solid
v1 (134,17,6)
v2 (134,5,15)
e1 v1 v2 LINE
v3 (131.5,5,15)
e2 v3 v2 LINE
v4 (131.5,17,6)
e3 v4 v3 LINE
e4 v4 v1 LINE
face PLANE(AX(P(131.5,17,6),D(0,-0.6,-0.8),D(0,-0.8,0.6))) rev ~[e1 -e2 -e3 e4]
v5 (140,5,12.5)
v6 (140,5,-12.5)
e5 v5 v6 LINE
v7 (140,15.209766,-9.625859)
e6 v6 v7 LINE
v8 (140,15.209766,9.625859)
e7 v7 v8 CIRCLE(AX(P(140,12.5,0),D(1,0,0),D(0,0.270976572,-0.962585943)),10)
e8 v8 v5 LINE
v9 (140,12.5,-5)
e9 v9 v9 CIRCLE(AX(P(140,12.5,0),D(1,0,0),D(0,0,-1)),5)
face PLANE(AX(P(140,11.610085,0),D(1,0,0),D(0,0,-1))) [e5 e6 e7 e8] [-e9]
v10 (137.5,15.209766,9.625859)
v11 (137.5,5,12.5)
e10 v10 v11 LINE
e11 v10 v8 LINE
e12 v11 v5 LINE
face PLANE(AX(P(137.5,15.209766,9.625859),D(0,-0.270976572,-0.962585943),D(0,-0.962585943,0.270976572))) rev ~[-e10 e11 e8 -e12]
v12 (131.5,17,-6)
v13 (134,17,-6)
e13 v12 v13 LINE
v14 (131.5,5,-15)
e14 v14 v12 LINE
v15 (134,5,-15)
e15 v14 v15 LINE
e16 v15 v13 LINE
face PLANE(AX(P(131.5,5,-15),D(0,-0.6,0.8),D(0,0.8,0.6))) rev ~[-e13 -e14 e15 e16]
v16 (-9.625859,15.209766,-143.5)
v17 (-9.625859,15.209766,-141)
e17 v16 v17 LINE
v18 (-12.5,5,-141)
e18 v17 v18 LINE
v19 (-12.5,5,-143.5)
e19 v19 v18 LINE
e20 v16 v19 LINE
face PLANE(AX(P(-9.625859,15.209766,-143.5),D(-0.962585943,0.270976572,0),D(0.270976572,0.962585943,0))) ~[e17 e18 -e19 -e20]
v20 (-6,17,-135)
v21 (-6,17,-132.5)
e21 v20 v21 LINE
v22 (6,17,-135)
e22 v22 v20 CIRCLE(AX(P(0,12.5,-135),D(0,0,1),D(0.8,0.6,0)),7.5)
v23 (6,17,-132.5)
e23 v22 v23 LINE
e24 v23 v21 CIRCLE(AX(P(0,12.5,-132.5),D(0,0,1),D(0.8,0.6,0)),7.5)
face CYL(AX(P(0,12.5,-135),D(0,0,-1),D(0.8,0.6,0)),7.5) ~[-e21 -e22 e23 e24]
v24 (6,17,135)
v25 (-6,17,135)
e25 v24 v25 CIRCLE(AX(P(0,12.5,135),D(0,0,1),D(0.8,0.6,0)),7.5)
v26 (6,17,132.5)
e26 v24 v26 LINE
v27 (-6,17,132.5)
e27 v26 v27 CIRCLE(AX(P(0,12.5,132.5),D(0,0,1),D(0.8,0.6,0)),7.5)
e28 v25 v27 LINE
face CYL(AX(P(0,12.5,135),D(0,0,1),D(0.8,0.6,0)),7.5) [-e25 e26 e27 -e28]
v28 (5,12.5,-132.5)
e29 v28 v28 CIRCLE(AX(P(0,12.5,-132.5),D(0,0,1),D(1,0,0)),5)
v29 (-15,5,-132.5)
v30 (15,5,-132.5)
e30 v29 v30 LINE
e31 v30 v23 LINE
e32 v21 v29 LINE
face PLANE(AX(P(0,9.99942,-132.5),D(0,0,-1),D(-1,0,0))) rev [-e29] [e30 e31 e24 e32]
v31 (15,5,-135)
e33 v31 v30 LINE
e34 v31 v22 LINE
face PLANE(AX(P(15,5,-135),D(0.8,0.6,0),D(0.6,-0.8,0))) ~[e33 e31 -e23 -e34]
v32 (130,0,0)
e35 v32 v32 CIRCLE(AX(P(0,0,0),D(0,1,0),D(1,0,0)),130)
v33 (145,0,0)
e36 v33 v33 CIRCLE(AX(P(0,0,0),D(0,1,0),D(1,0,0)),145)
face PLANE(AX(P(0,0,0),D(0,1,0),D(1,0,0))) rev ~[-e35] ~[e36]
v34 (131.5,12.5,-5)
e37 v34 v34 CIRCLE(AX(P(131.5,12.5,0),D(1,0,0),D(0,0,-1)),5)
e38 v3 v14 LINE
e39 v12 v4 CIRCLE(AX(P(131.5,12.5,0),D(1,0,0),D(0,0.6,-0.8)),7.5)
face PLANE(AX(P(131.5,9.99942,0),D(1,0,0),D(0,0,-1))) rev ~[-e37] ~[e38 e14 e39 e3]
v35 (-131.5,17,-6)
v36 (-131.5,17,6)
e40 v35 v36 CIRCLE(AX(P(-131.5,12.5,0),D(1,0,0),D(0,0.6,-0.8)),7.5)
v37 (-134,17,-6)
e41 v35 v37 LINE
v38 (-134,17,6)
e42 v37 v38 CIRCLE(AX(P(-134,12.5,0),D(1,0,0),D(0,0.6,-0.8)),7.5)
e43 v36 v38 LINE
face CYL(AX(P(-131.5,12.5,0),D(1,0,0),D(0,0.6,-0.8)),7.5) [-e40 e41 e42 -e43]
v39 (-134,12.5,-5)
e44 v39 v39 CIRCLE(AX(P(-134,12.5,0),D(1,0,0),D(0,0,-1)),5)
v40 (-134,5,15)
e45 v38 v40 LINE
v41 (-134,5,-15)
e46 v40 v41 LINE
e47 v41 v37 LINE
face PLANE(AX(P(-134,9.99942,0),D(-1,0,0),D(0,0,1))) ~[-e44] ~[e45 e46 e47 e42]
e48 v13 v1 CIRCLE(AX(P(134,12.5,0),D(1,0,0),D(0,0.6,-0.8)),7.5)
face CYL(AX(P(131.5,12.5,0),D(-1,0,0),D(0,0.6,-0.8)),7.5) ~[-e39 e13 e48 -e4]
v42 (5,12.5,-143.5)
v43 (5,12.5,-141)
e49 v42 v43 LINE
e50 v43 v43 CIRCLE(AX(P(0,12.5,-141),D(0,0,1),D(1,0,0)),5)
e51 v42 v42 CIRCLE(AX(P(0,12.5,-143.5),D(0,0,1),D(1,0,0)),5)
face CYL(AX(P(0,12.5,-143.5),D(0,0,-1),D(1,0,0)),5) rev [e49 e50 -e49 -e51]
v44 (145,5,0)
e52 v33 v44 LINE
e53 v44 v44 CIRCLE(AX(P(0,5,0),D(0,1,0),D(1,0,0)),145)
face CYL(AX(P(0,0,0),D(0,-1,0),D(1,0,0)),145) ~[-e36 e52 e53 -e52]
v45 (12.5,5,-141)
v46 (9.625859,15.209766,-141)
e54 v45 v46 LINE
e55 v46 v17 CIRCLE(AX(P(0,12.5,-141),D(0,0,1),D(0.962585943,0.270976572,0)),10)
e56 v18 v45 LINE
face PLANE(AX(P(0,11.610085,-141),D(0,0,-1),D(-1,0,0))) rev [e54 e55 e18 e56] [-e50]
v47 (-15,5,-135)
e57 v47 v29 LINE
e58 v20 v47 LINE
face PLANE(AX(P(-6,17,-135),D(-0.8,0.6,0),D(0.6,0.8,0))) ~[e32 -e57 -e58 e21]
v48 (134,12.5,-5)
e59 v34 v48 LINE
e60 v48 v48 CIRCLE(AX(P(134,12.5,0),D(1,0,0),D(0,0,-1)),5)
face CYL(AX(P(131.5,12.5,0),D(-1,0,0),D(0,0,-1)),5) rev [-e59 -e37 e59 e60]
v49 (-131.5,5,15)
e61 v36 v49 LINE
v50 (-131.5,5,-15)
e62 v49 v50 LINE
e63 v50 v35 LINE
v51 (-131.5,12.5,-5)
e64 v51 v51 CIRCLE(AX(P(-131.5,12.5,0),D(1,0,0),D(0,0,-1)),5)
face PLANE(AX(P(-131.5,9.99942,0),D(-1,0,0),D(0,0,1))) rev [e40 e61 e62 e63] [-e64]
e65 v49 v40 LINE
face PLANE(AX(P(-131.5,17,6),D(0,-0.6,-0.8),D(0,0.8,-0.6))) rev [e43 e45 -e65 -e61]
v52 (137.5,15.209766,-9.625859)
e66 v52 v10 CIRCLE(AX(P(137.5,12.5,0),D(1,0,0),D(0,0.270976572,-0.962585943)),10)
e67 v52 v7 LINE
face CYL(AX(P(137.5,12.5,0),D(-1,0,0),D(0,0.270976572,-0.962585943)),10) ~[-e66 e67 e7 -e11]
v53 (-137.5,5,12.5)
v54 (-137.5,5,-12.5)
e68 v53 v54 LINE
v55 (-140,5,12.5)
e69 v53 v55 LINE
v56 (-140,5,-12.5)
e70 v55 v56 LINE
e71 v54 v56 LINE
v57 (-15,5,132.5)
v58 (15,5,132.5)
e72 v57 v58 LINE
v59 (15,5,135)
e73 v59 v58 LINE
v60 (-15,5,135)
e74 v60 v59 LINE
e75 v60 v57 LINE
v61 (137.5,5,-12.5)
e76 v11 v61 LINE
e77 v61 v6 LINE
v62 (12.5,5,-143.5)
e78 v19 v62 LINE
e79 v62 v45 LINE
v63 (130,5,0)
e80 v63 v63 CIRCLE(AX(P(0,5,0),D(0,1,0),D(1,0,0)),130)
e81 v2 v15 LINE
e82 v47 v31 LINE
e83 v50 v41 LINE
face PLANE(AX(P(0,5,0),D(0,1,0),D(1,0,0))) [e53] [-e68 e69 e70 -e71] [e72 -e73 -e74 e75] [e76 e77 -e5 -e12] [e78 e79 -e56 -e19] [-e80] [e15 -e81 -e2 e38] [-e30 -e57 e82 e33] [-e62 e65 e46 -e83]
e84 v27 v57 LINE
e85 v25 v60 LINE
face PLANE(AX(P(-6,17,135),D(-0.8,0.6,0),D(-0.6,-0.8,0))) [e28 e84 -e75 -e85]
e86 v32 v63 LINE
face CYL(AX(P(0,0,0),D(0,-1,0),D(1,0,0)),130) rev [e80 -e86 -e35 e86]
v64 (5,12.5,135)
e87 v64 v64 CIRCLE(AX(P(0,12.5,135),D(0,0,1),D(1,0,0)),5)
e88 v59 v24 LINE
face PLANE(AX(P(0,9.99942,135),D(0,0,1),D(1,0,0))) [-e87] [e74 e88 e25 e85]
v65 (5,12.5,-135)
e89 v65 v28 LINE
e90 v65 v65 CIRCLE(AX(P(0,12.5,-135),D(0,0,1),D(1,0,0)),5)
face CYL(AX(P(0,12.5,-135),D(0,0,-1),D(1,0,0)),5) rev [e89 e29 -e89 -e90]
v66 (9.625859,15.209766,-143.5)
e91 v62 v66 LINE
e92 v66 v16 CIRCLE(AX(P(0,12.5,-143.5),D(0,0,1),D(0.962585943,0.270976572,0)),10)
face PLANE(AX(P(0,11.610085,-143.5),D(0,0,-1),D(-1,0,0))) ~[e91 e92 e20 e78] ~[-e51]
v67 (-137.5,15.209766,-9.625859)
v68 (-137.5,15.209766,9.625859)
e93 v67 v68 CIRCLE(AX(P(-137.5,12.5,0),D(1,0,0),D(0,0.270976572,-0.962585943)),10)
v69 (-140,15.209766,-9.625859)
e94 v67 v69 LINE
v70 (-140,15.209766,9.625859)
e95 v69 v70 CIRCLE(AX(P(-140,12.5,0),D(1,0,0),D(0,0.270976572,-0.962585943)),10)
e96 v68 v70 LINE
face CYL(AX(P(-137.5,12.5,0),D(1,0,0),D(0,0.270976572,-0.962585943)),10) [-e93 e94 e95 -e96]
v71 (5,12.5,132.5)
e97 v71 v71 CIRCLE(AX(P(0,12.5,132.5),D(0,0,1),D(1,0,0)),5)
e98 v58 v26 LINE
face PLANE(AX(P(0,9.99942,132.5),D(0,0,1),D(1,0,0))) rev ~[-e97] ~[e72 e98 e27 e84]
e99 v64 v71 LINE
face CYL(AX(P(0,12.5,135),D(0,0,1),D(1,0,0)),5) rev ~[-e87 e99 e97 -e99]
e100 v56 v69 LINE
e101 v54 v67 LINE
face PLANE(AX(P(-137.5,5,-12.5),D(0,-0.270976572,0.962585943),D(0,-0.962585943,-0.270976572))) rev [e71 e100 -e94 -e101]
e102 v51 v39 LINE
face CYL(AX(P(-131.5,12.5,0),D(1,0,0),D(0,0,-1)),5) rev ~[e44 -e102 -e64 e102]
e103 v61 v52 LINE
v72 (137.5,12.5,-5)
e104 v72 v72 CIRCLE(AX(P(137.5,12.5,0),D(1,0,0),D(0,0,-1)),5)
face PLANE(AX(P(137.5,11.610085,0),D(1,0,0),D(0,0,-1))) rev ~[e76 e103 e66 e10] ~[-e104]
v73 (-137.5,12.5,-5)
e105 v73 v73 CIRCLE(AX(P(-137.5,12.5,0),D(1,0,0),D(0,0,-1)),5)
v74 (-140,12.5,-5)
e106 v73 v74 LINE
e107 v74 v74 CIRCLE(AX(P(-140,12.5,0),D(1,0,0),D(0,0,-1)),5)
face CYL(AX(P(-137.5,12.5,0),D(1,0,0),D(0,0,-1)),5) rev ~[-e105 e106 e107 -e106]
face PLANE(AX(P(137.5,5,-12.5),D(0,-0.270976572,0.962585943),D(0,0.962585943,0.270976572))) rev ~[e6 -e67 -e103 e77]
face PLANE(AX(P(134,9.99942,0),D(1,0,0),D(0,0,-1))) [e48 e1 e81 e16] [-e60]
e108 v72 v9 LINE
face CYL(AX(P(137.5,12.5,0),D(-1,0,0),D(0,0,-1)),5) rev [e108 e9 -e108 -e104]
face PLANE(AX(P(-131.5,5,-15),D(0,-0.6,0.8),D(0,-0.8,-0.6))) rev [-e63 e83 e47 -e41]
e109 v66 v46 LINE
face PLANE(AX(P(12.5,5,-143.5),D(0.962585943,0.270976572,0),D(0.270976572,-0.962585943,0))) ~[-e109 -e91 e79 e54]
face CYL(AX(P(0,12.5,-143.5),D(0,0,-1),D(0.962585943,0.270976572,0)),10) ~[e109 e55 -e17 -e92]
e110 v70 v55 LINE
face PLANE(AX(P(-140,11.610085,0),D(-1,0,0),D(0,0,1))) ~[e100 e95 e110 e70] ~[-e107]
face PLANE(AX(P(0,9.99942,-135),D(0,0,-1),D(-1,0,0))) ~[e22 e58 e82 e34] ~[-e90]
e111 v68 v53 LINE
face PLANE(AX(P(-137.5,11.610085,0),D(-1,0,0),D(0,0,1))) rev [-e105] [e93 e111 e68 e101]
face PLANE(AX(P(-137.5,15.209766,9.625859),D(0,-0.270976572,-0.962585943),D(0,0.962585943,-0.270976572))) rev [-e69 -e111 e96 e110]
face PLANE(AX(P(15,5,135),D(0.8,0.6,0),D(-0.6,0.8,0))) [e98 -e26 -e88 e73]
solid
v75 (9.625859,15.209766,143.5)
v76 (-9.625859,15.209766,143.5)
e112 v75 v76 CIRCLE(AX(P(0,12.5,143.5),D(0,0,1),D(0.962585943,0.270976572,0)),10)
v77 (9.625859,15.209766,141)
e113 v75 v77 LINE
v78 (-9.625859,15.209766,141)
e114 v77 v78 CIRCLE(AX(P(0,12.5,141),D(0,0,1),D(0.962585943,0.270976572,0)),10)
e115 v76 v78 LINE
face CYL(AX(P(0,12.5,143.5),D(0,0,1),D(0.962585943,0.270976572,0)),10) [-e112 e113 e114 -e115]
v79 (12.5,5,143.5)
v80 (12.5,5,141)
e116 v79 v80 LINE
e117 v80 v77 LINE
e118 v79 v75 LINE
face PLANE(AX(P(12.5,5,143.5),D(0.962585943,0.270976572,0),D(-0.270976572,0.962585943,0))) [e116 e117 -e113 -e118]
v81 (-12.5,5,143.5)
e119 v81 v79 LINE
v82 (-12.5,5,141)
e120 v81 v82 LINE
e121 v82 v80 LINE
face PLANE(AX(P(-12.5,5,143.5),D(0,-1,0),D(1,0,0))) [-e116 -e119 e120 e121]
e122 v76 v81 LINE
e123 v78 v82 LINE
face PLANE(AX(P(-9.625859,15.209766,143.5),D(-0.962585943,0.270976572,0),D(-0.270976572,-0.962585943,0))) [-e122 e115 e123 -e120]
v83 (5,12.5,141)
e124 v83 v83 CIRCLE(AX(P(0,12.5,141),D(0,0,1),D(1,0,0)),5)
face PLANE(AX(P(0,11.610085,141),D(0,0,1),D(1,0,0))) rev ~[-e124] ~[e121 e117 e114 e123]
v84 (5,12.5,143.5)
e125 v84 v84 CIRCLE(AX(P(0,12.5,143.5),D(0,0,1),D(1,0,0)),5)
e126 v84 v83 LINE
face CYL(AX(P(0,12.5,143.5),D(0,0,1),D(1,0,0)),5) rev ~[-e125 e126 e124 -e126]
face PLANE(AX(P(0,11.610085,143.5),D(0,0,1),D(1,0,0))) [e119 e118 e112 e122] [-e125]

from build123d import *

# Parameters (mm, degrees)
SKETCH1_R           = 145
SKETCH1_R_2         = 130
BOSS_EXTRUDE1_DEPTH = 5
BOSS_EXTRUDE2_START = -10
SKETCH5_R           = 5
BOSS_EXTRUDE2_DEPTH = 2.5
BOSS_EXTRUDE3_START = -1.5
SKETCH6_R           = 5
BOSS_EXTRUDE3_DEPTH = 2.5
BOSS_EXTRUDE4_START = 137.5
SKETCH8_R           = 5
BOSS_EXTRUDE4_DEPTH = 2.5
BOSS_EXTRUDE5_START = 131.5
SKETCH10_R          = 5
BOSS_EXTRUDE5_DEPTH = 2.5


with BuildPart() as part:
    # Sketch1 → Boss-Extrude1 (new body)
    with BuildSketch(Plane(origin=(0, 0, 0), x_dir=(1, 0, 0), z_dir=(0, 1, 0))):
        Circle(SKETCH1_R)
        Circle(SKETCH1_R_2, mode=Mode.SUBTRACT)
    extrude(amount=BOSS_EXTRUDE1_DEPTH)

    # Sketch5 → Boss-Extrude2 (add)
    with BuildSketch(Plane.XY.offset(145).offset(BOSS_EXTRUDE2_START)):
        with BuildLine():
            Line((-15, 5), (15, 5))
            Line((15, 5), (6, 17))
            ThreePointArc((6, 17), (0, 20), (-6, 17))
            Line((-6, 17), (-15, 5))
        make_face()
        with Locations((0, 12.5)):
            Circle(SKETCH5_R, mode=Mode.SUBTRACT)
    boss_extrude2 = extrude(amount=-BOSS_EXTRUDE2_DEPTH)


with BuildPart() as body_2:
    # Sketch6 → Boss-Extrude3 (new body)
    with BuildSketch(Plane.XY.offset(145).offset(BOSS_EXTRUDE3_START)):
        with BuildLine():
            Line((-12.5, 5), (12.5, 5))
            Line((12.5, 5), (9.62585943, 15.209765716))
            ThreePointArc((9.62585943, 15.209765716), (0, 22.5), (-9.62585943, 15.209765716))
            Line((-9.62585943, 15.209765716), (-12.5, 5))
        make_face()
        with Locations((0, 12.5)):
            Circle(SKETCH6_R, mode=Mode.SUBTRACT)
    boss_extrude3 = extrude(amount=-BOSS_EXTRUDE3_DEPTH)


with BuildPart() as part_1:
    add(part.part)

    # Mirror1: Boss-Extrude2, Boss-Extrude3 across plane
    add(boss_extrude2.mirror(Plane.XY))
    add(boss_extrude3.mirror(Plane.XY))

    # Sketch8 → Boss-Extrude4 (add)
    with BuildSketch(Plane(origin=(0, 0, 0), x_dir=(0, 0, -1), z_dir=(1, 0, 0)).offset(BOSS_EXTRUDE4_START)):
        with BuildLine():
            Line((-12.5, 5), (12.5, 5))
            Line((12.5, 5), (9.62585943, 15.209765716))
            ThreePointArc((9.62585943, 15.209765716), (0, 22.5), (-9.62585943, 15.209765716))
            Line((-9.62585943, 15.209765716), (-12.5, 5))
        make_face()
        with Locations((0, 12.5)):
            Circle(SKETCH8_R, mode=Mode.SUBTRACT)
    boss_extrude4 = extrude(amount=BOSS_EXTRUDE4_DEPTH)

    # Sketch10 → Boss-Extrude5 (add)
    with BuildSketch(Plane(origin=(0, 0, 0), x_dir=(0, 0, -1), z_dir=(1, 0, 0)).offset(BOSS_EXTRUDE5_START)):
        with BuildLine():
            Line((-15, 5), (15, 5))
            Line((15, 5), (6, 17))
            ThreePointArc((6, 17), (0, 20), (-6, 17))
            Line((-6, 17), (-15, 5))
        make_face()
        with Locations((0, 12.5)):
            Circle(SKETCH10_R, mode=Mode.SUBTRACT)
    boss_extrude5 = extrude(amount=BOSS_EXTRUDE5_DEPTH)

    # Mirror2: Boss-Extrude4, Boss-Extrude5 across plane
    add(boss_extrude4.mirror(Plane(origin=(0, 0, 0), x_dir=(0, 0, 1), z_dir=(1, 0, 0))))
    add(boss_extrude5.mirror(Plane(origin=(0, 0, 0), x_dir=(0, 0, 1), z_dir=(1, 0, 0))))


solid = Compound([body_2.part, part_1.part])
